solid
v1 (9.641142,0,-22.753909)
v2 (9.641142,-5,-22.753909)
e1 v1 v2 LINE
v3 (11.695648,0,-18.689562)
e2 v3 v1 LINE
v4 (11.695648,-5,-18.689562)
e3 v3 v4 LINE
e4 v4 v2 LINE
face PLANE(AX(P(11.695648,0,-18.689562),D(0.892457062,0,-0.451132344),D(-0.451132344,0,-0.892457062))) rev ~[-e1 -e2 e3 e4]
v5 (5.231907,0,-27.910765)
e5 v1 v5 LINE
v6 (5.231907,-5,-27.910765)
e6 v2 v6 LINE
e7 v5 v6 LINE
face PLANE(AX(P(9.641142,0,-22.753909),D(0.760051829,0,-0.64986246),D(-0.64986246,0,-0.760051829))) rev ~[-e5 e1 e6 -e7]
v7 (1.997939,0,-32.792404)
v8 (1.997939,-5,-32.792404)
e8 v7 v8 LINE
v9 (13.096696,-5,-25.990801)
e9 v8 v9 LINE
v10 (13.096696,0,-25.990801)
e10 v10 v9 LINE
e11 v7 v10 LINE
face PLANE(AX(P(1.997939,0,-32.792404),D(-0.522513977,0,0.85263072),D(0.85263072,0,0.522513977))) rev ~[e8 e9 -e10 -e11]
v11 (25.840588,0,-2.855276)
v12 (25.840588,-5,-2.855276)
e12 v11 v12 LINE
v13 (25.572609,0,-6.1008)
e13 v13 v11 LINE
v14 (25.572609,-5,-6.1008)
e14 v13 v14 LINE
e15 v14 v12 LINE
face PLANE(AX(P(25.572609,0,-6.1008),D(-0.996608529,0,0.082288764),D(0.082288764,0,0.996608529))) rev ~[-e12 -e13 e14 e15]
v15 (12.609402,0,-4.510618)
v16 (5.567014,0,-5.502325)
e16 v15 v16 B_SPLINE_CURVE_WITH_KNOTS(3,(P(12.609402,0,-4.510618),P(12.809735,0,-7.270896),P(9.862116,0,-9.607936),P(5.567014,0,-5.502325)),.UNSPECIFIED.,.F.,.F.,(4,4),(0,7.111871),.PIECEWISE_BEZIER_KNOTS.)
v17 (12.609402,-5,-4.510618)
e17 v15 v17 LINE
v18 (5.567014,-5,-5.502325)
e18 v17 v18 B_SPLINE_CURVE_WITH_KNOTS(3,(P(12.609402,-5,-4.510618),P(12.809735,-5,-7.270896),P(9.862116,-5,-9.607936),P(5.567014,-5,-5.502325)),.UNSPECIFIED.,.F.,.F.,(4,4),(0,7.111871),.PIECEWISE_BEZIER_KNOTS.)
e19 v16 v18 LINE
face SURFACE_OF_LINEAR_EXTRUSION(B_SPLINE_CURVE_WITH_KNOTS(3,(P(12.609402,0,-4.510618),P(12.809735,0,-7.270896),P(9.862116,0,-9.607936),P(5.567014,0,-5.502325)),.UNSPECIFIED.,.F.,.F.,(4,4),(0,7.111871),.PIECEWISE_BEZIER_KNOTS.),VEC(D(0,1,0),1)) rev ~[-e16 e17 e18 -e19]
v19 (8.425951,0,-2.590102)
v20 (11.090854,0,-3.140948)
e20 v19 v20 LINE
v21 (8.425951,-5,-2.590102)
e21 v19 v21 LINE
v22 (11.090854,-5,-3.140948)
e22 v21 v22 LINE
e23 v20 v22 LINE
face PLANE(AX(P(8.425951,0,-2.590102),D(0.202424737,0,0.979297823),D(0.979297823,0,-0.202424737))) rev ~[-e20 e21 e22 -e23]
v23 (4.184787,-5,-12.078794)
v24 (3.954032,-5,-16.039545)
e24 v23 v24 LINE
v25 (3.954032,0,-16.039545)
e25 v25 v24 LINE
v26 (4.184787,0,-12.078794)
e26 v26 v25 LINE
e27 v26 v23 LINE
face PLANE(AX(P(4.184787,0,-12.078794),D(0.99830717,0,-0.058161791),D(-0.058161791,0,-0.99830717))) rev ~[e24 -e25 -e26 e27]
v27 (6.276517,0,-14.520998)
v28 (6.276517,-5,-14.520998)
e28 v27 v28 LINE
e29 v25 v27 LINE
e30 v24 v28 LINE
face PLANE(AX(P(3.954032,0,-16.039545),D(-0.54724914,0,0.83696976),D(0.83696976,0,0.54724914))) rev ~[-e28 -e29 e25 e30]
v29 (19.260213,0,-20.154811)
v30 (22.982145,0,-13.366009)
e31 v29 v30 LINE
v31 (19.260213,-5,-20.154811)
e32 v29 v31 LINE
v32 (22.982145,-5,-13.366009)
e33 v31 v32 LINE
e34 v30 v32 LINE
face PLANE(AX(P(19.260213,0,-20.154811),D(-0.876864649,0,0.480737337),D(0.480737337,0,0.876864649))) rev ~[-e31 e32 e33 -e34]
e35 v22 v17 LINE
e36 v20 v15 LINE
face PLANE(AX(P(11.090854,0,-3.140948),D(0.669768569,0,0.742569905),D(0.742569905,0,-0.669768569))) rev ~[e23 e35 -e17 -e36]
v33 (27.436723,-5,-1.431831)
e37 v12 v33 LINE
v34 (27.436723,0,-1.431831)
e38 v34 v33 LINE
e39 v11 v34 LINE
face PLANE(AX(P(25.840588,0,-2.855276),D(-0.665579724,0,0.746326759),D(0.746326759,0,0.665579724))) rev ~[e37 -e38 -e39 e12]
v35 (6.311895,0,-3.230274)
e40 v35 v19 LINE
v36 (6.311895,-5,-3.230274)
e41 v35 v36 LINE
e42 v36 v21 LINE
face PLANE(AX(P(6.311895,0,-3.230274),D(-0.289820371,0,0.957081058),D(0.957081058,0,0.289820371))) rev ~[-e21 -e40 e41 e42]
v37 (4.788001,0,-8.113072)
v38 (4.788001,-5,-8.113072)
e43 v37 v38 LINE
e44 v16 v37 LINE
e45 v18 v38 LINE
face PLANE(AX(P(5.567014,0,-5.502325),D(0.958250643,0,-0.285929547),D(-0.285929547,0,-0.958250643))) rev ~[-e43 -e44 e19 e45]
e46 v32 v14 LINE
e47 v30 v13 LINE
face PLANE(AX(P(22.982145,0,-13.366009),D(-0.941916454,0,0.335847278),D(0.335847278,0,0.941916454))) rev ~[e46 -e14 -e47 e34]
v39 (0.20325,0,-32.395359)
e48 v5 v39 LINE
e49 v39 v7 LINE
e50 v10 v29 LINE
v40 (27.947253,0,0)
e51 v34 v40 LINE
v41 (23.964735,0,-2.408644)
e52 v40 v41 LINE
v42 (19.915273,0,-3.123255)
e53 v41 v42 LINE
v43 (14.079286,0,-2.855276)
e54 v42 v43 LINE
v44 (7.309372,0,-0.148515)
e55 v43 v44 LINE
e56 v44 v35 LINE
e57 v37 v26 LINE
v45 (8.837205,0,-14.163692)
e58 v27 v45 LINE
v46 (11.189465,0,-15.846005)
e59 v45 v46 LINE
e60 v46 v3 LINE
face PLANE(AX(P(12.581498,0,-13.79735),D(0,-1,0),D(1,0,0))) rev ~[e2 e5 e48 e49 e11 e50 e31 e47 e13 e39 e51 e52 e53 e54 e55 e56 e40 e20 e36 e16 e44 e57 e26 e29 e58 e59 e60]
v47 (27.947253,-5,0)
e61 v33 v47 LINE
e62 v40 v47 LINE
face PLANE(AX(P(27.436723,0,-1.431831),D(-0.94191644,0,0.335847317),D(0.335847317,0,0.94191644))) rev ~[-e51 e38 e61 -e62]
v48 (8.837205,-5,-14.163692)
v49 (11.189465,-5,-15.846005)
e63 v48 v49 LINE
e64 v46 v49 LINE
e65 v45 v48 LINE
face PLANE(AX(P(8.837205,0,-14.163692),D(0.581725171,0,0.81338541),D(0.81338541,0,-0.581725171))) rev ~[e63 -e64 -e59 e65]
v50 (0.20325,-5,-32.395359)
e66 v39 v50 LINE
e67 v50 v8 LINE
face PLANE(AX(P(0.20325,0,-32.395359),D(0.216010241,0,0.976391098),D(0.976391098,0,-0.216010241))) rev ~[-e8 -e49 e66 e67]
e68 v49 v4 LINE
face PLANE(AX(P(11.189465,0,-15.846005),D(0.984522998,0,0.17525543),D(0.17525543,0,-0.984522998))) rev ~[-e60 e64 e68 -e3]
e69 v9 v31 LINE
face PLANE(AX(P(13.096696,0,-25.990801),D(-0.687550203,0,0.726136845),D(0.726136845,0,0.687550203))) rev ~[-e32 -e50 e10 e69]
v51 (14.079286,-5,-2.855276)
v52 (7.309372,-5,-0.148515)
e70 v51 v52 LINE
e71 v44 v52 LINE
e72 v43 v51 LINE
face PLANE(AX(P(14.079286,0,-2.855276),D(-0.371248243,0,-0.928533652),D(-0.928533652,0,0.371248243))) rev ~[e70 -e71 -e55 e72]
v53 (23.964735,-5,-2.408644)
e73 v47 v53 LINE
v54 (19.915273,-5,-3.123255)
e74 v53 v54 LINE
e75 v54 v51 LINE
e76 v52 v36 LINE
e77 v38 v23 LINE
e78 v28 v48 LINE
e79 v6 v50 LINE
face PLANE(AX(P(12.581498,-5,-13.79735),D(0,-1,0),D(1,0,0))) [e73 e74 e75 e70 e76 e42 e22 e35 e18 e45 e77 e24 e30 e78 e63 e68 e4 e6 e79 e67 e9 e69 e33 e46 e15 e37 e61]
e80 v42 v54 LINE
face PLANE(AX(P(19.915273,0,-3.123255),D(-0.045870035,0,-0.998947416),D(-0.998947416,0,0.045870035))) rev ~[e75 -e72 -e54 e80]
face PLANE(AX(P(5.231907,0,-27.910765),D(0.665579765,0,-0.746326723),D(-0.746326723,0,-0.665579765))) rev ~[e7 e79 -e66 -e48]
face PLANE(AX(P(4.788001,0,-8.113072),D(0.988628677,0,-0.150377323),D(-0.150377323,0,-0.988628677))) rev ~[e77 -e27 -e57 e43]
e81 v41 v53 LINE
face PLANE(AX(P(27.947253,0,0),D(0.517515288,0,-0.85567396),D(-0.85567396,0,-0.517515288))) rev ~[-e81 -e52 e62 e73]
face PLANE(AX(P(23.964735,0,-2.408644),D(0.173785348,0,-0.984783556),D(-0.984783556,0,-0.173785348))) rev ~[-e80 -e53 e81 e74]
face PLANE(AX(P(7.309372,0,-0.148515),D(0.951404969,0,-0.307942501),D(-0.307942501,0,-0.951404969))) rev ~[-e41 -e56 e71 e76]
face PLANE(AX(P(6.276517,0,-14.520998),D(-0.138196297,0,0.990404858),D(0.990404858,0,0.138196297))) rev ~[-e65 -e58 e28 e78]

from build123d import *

# Parameters (mm, degrees)
F1_DEPTH = 5


with BuildPart() as f1:
    # F0 (on Front) → F1 (new body)
    with BuildSketch(Plane.XZ):
        with BuildLine():
            Line((14.079286, -2.855276), (7.309372, -0.148515))
            Line((7.309372, -0.148515), (6.311895, -3.230274))
            Line((6.311895, -3.230274), (8.425951, -2.590102))
            Line((8.425951, -2.590102), (11.090854, -3.140948))
            Line((11.090854, -3.140948), (12.609402, -4.510618))
            add(Edge.make_bspline(
                [(12.609402, -4.510618), (12.809735, -7.270896), (9.862116, -9.607936), (5.567014, -5.502325)],
                knots=[0, 0, 0, 0, 7.111871, 7.111871, 7.111871, 7.111871], degree=3))
            Line((5.567014, -5.502325), (4.788001, -8.113072))
            Line((4.788001, -8.113072), (4.184787, -12.078794))
            Line((4.184787, -12.078794), (3.954032, -16.039545))
            Line((3.954032, -16.039545), (6.276517, -14.520998))
            Line((6.276517, -14.520998), (8.837205, -14.163692))
            Line((8.837205, -14.163692), (11.189465, -15.846005))
            Line((11.189465, -15.846005), (11.695648, -18.689562))
            Line((11.695648, -18.689562), (9.641142, -22.753909))
            Line((9.641142, -22.753909), (5.231907, -27.910765))
            Line((5.231907, -27.910765), (0.20325, -32.395359))
            Line((0.20325, -32.395359), (1.997939, -32.792404))
            Line((1.997939, -32.792404), (13.096696, -25.990801))
            Line((13.096696, -25.990801), (19.260213, -20.154811))
            Line((19.260213, -20.154811), (22.982145, -13.366009))
            Line((22.982145, -13.366009), (25.572609, -6.1008))
            Line((25.572609, -6.1008), (25.840588, -2.855276))
            Line((25.840588, -2.855276), (27.436723, -1.431831))
            Line((27.436723, -1.431831), (27.947253, 0))
            Line((27.947253, 0), (23.964735, -2.408644))
            Line((23.964735, -2.408644), (19.915273, -3.123255))
            Line((19.915273, -3.123255), (14.079286, -2.855276))
        make_face()
    extrude(amount=F1_DEPTH)


solid = f1.part
